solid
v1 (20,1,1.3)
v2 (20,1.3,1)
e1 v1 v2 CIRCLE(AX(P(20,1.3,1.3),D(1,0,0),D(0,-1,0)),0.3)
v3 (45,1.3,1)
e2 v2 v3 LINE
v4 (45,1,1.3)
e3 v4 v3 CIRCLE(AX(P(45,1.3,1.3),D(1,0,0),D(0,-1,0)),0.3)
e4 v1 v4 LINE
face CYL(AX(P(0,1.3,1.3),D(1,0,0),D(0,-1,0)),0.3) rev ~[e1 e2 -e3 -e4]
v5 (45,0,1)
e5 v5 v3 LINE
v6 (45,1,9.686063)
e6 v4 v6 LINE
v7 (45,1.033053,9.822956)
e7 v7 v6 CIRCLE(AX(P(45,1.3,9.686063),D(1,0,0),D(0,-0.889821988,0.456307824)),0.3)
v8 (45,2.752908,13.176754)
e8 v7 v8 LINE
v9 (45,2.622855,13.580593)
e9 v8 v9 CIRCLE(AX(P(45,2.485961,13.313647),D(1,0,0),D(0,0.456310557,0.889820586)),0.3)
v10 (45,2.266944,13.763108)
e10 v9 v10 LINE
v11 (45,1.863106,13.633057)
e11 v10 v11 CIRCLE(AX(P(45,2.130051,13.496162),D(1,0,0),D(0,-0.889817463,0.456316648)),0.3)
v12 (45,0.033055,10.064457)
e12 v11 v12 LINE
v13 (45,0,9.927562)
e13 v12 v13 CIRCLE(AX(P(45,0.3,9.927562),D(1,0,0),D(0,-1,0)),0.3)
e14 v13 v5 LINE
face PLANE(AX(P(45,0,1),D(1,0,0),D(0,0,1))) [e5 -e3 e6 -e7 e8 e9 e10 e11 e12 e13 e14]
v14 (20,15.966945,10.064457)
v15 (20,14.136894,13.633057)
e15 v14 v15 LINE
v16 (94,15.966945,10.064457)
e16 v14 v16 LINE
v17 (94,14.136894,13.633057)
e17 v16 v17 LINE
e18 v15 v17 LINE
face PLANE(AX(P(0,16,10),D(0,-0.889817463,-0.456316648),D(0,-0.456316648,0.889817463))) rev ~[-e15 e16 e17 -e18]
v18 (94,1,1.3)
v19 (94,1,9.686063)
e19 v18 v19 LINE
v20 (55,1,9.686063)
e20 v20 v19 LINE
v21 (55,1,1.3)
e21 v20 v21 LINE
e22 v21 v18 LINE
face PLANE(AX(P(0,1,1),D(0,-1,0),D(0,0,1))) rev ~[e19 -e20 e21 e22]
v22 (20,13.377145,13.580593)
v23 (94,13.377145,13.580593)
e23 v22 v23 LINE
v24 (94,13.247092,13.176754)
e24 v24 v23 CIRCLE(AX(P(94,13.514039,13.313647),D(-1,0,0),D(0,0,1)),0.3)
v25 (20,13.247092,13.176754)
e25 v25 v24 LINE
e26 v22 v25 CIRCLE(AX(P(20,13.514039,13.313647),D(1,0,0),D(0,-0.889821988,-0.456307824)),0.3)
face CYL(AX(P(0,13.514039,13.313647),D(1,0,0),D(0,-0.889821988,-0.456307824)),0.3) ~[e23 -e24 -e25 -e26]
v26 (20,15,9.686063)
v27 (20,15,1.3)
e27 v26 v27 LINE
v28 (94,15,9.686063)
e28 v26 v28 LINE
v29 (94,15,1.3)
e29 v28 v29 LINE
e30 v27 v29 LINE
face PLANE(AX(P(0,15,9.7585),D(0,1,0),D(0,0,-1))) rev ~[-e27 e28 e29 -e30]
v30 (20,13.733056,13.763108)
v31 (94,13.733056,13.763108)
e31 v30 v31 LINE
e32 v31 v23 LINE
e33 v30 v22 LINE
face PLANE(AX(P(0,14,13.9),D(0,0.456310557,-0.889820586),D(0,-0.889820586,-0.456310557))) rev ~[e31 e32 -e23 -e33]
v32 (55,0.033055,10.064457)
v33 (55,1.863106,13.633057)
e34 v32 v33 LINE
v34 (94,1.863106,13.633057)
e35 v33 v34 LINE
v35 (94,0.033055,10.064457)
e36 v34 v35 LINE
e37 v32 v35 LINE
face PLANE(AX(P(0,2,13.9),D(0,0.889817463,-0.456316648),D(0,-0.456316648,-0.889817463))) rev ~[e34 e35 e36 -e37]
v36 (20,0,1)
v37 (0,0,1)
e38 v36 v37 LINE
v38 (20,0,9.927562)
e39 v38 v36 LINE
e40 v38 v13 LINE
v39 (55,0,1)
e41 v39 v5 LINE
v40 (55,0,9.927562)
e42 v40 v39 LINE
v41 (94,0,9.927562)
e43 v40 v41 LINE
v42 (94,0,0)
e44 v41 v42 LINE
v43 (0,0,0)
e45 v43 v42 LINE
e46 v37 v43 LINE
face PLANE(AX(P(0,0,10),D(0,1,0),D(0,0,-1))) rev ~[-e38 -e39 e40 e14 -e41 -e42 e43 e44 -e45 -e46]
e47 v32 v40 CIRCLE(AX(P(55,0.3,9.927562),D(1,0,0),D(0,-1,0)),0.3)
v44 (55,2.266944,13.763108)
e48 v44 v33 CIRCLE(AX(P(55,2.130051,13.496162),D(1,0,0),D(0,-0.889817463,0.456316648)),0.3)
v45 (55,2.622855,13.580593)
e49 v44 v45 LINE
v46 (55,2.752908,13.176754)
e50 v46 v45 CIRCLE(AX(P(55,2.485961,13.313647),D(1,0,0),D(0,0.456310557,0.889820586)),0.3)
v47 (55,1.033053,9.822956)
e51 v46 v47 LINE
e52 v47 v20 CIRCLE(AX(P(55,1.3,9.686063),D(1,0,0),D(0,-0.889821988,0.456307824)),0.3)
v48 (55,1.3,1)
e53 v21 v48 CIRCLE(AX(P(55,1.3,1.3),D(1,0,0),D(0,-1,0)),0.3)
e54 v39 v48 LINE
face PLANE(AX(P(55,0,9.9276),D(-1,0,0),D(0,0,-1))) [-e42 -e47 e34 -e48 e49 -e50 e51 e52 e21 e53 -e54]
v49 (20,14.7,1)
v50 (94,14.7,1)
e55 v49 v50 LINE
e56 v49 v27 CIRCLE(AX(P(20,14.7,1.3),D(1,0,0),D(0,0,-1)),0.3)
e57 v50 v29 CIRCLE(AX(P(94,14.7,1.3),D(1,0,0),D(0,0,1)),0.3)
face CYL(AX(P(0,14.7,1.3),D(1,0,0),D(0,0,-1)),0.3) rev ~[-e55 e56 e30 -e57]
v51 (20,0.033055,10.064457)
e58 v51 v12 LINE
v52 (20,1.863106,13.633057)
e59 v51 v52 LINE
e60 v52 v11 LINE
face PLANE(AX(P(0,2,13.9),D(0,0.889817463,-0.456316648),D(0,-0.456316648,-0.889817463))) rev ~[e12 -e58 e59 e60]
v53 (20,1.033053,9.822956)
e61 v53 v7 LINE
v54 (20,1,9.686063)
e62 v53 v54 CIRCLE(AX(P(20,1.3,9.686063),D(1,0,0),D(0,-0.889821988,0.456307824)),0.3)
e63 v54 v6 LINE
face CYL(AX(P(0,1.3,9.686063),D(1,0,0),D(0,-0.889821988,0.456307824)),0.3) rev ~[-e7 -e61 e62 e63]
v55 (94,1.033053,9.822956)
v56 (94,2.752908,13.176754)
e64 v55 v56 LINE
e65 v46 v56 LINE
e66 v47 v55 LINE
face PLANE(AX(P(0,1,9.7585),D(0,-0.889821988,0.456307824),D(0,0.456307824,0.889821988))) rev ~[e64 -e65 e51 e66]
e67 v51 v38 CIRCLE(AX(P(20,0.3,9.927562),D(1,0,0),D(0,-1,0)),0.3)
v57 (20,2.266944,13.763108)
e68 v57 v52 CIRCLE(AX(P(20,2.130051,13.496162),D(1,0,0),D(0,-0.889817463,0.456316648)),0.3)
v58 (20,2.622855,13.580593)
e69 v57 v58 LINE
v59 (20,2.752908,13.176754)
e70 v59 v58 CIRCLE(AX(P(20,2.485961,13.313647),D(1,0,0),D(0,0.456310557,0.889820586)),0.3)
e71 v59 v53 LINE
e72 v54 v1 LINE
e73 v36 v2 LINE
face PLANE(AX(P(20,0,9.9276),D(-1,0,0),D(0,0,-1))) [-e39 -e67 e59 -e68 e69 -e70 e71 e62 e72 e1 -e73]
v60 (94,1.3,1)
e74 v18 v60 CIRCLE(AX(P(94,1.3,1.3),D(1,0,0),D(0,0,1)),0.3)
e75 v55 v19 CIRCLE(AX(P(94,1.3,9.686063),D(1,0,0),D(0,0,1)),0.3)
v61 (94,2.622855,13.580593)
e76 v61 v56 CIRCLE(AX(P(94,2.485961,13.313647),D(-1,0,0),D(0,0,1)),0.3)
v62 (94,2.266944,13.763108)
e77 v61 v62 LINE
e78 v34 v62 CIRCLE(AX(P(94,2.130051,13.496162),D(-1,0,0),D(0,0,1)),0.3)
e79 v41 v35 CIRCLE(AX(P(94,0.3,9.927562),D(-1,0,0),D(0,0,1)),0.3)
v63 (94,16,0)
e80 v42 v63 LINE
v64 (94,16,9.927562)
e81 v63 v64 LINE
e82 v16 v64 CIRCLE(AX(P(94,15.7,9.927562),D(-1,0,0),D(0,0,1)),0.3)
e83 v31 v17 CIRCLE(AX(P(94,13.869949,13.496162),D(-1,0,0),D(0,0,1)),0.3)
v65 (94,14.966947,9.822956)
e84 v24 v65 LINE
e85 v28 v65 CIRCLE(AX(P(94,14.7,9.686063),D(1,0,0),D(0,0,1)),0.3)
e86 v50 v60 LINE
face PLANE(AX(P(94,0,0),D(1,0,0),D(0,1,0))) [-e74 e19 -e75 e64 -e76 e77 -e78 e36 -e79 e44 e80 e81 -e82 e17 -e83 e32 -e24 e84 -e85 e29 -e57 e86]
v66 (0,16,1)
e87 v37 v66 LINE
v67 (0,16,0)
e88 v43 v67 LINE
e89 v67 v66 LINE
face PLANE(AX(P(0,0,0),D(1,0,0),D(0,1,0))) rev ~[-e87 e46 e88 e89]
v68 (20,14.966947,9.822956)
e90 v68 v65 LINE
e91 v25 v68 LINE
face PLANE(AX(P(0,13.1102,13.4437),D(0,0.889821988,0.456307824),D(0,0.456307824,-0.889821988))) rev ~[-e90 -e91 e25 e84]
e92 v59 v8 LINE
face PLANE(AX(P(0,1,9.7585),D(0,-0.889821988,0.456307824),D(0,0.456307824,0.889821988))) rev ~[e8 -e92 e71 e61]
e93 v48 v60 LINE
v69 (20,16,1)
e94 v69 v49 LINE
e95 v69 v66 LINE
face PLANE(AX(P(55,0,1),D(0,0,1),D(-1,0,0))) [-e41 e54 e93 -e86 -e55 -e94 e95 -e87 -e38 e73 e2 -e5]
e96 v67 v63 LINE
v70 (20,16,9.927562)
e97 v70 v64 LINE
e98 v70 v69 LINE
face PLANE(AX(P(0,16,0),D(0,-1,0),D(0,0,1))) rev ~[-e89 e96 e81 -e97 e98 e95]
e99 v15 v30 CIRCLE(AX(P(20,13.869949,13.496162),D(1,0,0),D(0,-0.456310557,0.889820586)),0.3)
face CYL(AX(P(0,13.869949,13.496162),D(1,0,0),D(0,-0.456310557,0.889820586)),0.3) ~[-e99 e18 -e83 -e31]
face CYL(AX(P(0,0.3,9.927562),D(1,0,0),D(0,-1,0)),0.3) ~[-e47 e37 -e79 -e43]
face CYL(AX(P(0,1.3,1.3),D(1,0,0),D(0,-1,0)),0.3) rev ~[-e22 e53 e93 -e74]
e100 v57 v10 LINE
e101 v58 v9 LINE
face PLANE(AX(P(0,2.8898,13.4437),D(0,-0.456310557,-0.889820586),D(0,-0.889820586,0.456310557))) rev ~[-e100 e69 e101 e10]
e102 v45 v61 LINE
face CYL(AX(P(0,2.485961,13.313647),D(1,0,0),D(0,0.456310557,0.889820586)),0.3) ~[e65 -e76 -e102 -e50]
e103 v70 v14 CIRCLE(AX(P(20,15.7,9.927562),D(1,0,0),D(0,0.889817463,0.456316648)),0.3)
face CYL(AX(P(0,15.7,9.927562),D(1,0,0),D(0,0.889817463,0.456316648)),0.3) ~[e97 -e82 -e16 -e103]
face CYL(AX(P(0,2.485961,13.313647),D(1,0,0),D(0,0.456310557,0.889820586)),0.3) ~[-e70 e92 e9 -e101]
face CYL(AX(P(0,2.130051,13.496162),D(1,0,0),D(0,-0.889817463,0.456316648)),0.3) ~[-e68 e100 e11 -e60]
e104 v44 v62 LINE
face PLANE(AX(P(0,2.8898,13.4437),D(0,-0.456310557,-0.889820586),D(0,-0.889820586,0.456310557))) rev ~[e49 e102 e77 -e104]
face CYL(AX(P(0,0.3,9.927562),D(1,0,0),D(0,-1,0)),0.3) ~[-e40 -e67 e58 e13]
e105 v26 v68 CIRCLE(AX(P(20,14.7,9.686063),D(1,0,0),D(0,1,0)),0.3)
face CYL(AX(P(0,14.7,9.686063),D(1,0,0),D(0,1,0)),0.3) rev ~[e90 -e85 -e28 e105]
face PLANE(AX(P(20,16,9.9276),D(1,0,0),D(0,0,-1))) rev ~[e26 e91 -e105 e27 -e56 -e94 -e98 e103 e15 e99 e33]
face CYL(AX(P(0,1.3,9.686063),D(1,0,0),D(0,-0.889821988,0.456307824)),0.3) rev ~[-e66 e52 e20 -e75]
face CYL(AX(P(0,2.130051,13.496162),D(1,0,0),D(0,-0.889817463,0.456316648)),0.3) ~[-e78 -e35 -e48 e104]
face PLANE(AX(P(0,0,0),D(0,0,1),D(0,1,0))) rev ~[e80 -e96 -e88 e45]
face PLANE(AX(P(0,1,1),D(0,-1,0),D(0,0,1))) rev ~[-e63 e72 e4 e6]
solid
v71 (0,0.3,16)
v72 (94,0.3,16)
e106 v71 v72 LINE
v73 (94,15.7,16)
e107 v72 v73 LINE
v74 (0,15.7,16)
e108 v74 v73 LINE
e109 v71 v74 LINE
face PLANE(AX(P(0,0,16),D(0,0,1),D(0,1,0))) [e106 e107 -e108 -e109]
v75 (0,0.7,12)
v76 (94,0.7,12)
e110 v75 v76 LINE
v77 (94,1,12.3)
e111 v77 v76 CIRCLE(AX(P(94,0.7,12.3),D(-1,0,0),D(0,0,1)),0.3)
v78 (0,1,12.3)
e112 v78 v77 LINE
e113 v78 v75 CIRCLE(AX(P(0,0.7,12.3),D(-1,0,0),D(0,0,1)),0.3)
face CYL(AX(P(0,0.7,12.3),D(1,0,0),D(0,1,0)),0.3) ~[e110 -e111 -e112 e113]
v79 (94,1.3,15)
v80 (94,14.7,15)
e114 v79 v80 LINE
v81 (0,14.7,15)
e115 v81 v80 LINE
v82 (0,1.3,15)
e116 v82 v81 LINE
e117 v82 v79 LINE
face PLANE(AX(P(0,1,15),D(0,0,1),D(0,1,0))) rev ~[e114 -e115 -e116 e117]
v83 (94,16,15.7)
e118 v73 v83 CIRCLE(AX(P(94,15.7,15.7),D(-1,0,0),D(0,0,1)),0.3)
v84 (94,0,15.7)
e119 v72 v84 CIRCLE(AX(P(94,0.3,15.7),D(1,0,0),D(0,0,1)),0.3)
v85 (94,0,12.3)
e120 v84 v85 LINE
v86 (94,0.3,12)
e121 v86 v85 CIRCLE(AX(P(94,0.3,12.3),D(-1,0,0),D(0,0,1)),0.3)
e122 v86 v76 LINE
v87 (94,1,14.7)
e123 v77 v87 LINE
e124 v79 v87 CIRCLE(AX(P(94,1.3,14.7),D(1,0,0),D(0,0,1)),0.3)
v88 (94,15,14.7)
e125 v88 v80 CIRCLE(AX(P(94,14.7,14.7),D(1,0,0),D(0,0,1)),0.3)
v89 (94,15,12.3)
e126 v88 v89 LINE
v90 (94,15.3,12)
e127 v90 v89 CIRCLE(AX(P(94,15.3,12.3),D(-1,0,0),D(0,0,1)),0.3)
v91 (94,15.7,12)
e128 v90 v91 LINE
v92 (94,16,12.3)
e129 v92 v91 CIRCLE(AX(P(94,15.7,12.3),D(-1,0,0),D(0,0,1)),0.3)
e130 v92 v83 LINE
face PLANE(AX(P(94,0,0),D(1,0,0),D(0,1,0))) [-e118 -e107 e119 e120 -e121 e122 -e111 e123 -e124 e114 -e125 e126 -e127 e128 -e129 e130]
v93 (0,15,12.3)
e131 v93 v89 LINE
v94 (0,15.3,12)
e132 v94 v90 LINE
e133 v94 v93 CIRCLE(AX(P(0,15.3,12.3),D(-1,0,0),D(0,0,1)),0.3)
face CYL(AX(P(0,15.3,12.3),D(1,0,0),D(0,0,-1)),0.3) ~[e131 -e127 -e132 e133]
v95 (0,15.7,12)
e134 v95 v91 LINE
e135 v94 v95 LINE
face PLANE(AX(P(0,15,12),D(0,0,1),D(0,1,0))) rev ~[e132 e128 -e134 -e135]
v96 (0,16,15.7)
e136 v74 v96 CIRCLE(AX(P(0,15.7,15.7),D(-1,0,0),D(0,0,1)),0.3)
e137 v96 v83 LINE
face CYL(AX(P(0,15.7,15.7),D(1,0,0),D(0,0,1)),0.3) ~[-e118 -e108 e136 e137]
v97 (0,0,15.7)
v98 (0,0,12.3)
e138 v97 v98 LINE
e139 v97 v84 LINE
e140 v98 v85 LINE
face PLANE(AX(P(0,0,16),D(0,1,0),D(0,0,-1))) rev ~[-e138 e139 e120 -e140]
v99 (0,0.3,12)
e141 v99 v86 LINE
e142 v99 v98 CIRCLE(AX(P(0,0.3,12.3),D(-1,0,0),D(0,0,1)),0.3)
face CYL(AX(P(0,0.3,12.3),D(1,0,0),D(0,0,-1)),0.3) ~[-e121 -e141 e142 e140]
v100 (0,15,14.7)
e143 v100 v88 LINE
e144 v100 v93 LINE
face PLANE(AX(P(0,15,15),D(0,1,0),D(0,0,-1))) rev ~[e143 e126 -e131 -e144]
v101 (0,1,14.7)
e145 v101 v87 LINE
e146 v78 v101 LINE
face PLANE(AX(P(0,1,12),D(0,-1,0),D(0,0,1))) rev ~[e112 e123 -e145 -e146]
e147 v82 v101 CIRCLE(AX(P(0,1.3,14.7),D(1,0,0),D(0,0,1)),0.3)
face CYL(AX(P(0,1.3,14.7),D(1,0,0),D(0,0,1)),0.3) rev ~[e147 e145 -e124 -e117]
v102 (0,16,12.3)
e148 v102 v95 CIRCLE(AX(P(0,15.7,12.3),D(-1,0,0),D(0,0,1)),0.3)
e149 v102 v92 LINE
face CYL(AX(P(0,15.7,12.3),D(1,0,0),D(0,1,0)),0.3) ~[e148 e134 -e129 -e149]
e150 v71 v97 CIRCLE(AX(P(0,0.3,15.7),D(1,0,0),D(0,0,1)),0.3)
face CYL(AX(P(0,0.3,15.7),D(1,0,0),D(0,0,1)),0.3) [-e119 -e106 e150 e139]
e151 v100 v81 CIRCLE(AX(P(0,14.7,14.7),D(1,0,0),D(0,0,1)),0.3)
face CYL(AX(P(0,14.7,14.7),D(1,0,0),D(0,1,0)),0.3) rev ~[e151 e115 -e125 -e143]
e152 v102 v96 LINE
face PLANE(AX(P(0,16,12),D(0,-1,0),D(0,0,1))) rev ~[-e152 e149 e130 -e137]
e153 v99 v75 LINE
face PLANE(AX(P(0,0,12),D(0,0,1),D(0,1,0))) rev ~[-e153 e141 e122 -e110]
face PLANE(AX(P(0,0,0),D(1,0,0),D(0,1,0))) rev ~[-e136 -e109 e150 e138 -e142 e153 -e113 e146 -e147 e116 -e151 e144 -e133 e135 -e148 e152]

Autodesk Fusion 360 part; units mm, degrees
sketch "16 mm x 16 mm conduit piping shape" plane through (0, 0, 0) normal (1, 0, 0) x (0, 1, 0)
  line L0 (0, 0) -> (16, 0)
  line L1 (16, 0) -> (16, 10)
  line L2 (16, 10) -> (14, 13.9)
  line L3 (14, 13.9) -> (13.1102, 13.4437)
  line L4 (13.1102, 13.4437) -> (15, 9.7585)
  line L5 (15, 9.7585) -> (15, 1)
  line L6 (15, 1) -> (1, 1)
  line L7 (1, 1) -> (1, 9.7585)
  line L8 (1, 9.7585) -> (2.8898, 13.4437)
  line L9 (2.8898, 13.4437) -> (2, 13.9)
  line L10 (2, 13.9) -> (0, 10)
  line L11 (0, 10) -> (0, 0)
  line L12 (0, 16) -> (16, 16)
  line L13 (0, 16) -> (0, 12)
  line L14 (0, 12) -> (1, 12)
  line L15 (1, 12) -> (1, 15)
  line L16 (1, 15) -> (15, 15)
  line L17 (15, 15) -> (15, 12)
  line L18 (15, 12) -> (16, 12)
  line L19 (16, 12) -> (16, 16)
  dimension "d1" = 1
  dimension "d2" = 16
  dimension "d3" = 1
  dimension "d4" = 1
  dimension "d7" = 10
  dimension "d8" = 10
  dimension "d9" = 16
  dimension "d10" = 1
  dimension "d11" = 1
  dimension "d12" = 1
  dimension "d13" = 4
  dimension "d14" = 4
  dimension "d15" = 16
  dimension "d16" = 2
  dimension "d17" = 2
  dimension "d18" = 1
  dimension "d19" = 1
extrude "Extrude1" add sketch "16 mm x 16 mm conduit piping shape" along normal blind 94 makes body 1 at (31.3333, 5.3333, 16) makes body 2 at (31.3333, 5.3333, 0)
fillet "Fillet1" radius 0.3 18 edges at (47, 0, 16) (47, 16, 16) (47, 16, 12) (47, 0, 12) (47, 1, 12) (47, 15, 12) (47, 1, 15) (47, 15, 15) (47, 0, 10) (47, 16, 10) (47, 14, 13.9) (47, 13.1102, 13.4437) (47, 2, 13.9) (47, 2.8898, 13.4437) (47, 15, 1) (47, 1, 1) (47, 1, 9.7585) (47, 15, 9.7585) on bodies 1 2
sketch "Sketch2" plane through (0, 0, 0) normal (0, -1, 0) x (1, 0, 0)
  line L0 (94, 9.9276) -> (0, 9.9276)
  line L1 (0, 9.9276) -> (0, 0)
  line L2 (0, 0) -> (94, 0)
  line L3 (94, 0) -> (94, 9.9276)
  line L4 (0, 15) -> (20, 15)
  line L5 (20, 15) -> (20, 1)
  line L6 (20, 1) -> (0, 1)
  line L7 (0, 1) -> (0, 15)
  line L8 (45, 15) -> (55, 15)
  line L9 (55, 15) -> (55, 1)
  line L10 (55, 1) -> (45, 1)
  line L11 (45, 1) -> (45, 15)
  dimension "d25" = 20
  dimension "d26" = 1
  dimension "d27" = 25
  dimension "d28" = 10
  dimension "d29" = 1
extrude "Extrude2" cut sketch "Sketch2" against normal blind 3 contours L0 L9 L10 L11 | L0 L8 L9 L11 | L0 L1 L5 L6 L7 | L0 L4 L5 L7 bodies 2
sketch "Sketch3" plane through (0, 16, 0) normal (0, 1, 0) x (-1, 0, 0)
  line L0 (0, 9.9276) -> (-94, 9.9276)
  line L1 (-94, 9.9276) -> (-94, 0)
  line L2 (-94, 0) -> (0, 0)
  line L3 (0, 0) -> (0, 9.9276)
  line L4 (0, 15) -> (-20, 15)
  line L5 (-20, 15) -> (-20, 1)
  line L6 (-20, 1) -> (0, 1)
  line L7 (0, 1) -> (0, 15)
  dimension "d32" = 20
  dimension "d33" = 1
extrude "Extrude3" cut sketch "Sketch3" against normal blind 3 contours L0 L3 L5 L6 L7 | L0 L4 L5 L7 bodies 2
equation "d1 = conduitThickness"
equation "d2 = conduitWidth"
equation "d3 = conduitThickness"
equation "d4 = conduitThickness"
equation "conduitThickness = 1 mm" comment "Thickness of the PVC conduit piping"
equation "conduitWidth = 16 mm" comment "Size of the outer dimensions of the conduit piping"
equation "d9 = conduitWidth"
equation "d10 = conduitThickness"
equation "d11 = conduitThickness"
equation "d12 = conduitThickness"
